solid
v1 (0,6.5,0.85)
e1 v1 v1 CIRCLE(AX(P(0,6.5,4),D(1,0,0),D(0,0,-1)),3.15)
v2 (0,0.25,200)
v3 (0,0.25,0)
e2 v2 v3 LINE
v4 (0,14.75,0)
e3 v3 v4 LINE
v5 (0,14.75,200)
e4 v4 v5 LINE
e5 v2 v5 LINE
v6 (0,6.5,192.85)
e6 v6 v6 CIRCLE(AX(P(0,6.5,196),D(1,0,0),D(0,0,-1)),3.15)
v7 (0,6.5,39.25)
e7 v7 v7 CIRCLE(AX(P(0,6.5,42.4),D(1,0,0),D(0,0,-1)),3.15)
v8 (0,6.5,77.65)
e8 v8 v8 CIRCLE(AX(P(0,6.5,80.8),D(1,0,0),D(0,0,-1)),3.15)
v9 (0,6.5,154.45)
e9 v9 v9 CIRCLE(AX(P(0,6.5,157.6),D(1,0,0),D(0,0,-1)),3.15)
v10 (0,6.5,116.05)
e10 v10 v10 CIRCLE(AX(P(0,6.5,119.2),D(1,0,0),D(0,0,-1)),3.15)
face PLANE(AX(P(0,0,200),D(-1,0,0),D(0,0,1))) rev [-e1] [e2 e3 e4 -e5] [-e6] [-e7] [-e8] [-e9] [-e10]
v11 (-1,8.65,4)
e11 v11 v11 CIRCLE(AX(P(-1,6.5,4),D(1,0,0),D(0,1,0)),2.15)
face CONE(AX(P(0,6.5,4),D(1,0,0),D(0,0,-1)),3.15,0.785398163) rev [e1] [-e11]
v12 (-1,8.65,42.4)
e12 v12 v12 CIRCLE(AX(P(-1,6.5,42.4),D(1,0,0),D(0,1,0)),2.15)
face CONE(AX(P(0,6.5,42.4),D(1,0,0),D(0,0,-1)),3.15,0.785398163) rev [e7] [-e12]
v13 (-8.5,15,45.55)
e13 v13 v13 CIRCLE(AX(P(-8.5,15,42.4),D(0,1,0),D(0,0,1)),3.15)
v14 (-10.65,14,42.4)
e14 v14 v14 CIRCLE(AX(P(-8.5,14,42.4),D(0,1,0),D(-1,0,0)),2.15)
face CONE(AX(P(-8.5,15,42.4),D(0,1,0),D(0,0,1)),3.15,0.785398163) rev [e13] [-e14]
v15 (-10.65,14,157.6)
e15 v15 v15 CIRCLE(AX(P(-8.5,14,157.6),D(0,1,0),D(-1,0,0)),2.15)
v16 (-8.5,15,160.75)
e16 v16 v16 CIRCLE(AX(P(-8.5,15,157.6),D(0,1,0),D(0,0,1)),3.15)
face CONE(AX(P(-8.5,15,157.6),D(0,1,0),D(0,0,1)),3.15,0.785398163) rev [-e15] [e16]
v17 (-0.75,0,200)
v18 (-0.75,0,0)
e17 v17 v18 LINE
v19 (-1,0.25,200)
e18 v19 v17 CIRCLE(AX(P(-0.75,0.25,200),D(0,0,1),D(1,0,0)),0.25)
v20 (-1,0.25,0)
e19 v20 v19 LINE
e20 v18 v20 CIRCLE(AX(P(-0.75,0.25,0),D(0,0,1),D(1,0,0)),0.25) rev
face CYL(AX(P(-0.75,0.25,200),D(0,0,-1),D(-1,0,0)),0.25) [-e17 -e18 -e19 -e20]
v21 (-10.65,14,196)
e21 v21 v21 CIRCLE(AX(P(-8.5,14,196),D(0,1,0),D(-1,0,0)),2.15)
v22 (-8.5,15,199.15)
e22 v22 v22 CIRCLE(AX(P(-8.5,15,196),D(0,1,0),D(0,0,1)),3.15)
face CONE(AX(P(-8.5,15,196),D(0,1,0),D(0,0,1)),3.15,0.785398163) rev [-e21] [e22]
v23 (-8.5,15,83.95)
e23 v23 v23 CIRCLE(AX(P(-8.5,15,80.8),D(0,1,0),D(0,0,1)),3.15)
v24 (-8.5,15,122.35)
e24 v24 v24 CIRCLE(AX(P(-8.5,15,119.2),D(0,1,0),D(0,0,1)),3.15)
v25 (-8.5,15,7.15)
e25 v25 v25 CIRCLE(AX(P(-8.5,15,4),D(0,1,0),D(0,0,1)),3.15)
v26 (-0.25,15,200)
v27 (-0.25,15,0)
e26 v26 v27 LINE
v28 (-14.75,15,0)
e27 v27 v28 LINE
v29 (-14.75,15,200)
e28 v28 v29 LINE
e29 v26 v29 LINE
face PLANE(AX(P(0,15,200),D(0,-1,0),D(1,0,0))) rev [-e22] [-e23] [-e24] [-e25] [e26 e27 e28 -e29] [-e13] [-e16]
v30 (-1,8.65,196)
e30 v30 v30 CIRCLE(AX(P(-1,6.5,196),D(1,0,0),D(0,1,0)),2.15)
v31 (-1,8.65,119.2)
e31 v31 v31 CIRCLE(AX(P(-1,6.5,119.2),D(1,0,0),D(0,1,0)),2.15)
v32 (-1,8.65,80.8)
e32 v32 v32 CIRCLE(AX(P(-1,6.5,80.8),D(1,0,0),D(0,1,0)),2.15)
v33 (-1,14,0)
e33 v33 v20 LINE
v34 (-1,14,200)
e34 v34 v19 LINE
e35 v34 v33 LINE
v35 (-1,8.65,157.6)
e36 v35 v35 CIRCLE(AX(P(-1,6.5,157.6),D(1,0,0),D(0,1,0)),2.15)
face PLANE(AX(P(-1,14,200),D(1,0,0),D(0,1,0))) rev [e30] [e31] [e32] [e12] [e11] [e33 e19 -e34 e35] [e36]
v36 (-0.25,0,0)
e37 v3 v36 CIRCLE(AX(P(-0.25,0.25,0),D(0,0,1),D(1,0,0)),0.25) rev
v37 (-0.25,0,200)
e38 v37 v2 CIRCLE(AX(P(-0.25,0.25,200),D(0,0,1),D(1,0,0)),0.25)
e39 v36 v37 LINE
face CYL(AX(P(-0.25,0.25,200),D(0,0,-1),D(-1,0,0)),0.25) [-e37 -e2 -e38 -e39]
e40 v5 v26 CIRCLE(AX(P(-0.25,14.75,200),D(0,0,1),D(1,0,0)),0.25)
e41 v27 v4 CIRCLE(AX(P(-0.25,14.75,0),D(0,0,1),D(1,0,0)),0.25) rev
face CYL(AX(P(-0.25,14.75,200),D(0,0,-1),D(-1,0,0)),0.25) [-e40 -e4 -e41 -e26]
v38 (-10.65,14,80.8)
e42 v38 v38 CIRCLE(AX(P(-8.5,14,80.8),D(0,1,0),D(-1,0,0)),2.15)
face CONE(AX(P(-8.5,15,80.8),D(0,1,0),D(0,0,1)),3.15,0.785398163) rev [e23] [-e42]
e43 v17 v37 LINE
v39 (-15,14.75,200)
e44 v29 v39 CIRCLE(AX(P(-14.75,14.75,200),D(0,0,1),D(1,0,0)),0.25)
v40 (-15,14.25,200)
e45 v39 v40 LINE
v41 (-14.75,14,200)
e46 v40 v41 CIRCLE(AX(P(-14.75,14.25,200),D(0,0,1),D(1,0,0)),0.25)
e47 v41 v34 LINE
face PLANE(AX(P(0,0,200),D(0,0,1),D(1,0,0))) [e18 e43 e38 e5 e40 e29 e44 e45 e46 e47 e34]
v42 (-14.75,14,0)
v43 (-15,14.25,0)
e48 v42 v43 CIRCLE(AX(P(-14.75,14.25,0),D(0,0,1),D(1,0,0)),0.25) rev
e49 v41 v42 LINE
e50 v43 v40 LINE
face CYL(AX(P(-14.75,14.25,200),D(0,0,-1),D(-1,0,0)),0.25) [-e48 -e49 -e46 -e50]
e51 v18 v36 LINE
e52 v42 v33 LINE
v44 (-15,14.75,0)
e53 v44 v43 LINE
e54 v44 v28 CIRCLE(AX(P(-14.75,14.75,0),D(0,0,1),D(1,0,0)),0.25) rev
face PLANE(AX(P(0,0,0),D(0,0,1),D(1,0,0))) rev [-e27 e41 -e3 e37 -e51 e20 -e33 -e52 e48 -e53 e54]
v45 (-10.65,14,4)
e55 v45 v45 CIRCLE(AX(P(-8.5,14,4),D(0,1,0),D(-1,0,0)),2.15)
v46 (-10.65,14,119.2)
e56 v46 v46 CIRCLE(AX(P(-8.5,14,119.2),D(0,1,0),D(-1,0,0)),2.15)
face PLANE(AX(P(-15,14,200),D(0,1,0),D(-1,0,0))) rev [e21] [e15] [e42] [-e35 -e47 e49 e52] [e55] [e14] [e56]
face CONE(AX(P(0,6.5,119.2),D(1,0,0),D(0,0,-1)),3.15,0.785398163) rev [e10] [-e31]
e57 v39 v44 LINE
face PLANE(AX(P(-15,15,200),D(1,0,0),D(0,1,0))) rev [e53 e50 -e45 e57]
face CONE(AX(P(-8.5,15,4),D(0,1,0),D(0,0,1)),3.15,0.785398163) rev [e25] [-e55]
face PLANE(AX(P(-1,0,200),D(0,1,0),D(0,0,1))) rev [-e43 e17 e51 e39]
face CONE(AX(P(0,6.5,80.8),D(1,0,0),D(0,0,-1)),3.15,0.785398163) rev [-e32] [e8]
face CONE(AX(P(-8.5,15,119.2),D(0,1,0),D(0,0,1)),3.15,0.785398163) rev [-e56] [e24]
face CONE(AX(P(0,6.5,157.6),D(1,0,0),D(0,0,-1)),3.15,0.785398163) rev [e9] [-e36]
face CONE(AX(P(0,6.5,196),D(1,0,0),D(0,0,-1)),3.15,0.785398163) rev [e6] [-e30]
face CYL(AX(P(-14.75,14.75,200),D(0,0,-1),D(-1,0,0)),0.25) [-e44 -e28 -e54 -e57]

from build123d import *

# Parameters (mm, degrees)
EXTRUDE1_DEPTH  = 200
FILLET1_R       = 0.25
LPATTERN1_COUNT = 6
LPATTERN1_PITCH = 38.4
LPATTERN2_COUNT = 6
LPATTERN2_PITCH = 38.4


with BuildPart() as part:
    # Sketch1 → Extrude1 (new body)
    with BuildSketch(Plane.XY):
        Polygon((0, 0), (0, 15), (-15, 15), (-15, 14), (-1, 14), (-1, 0), align=None)
    extrude(amount=EXTRUDE1_DEPTH)

    # Fillet1
    fillet1_edges = [part.edges().sort_by_distance(p)[0] for p in [
        (-15, 14, 100),
        (-15, 15, 100),
        (0, 15, 100),
        (0, 0, 100),
        (-1, 0, 100),
    ]]
    fillet(fillet1_edges, radius=FILLET1_R)

    # Sketch3 → CSK for M3 Countersunk Flat Head Screw1 (revolve, cut)
    with BuildSketch(Plane(origin=(0, 6.5, 4), x_dir=(0, 0, -1), z_dir=(0, 1, 0))):
        Polygon((0, 0), (0, 1.001), (1.7, 1.001), (1.7, 1.45), (3.15, 0), align=None)
    csk_for_m3_countersunk_flat_head_screw1 = revolve(axis=Axis((6.35, 6.5, 4), (-1, 0, 0)), mode=Mode.SUBTRACT)

    # LPattern1: CSK for M3 Countersunk Flat Head Screw1 ×6
    with Locations(*[(0, 0, i * LPATTERN1_PITCH) for i in range(1, LPATTERN1_COUNT)]):
        add(csk_for_m3_countersunk_flat_head_screw1, mode=Mode.SUBTRACT)

    # Sketch5 → CSK for M3 Countersunk Flat Head Screw2 (revolve, cut)
    with BuildSketch(Plane(origin=(-8.5, 15, 4), x_dir=(0, 0, 1), z_dir=(1, 0, 0))):
        Polygon((0, 0), (0, 1.001), (1.7, 1.001), (1.7, 1.45), (3.15, 0), align=None)
    csk_for_m3_countersunk_flat_head_screw2 = revolve(axis=Axis((-8.5, 21.35, 4), (0, -1, 0)), mode=Mode.SUBTRACT)

    # LPattern2: CSK for M3 Countersunk Flat Head Screw2 ×6
    with Locations(*[(0, 0, i * LPATTERN2_PITCH) for i in range(1, LPATTERN2_COUNT)]):
        add(csk_for_m3_countersunk_flat_head_screw2, mode=Mode.SUBTRACT)


solid = part.part
